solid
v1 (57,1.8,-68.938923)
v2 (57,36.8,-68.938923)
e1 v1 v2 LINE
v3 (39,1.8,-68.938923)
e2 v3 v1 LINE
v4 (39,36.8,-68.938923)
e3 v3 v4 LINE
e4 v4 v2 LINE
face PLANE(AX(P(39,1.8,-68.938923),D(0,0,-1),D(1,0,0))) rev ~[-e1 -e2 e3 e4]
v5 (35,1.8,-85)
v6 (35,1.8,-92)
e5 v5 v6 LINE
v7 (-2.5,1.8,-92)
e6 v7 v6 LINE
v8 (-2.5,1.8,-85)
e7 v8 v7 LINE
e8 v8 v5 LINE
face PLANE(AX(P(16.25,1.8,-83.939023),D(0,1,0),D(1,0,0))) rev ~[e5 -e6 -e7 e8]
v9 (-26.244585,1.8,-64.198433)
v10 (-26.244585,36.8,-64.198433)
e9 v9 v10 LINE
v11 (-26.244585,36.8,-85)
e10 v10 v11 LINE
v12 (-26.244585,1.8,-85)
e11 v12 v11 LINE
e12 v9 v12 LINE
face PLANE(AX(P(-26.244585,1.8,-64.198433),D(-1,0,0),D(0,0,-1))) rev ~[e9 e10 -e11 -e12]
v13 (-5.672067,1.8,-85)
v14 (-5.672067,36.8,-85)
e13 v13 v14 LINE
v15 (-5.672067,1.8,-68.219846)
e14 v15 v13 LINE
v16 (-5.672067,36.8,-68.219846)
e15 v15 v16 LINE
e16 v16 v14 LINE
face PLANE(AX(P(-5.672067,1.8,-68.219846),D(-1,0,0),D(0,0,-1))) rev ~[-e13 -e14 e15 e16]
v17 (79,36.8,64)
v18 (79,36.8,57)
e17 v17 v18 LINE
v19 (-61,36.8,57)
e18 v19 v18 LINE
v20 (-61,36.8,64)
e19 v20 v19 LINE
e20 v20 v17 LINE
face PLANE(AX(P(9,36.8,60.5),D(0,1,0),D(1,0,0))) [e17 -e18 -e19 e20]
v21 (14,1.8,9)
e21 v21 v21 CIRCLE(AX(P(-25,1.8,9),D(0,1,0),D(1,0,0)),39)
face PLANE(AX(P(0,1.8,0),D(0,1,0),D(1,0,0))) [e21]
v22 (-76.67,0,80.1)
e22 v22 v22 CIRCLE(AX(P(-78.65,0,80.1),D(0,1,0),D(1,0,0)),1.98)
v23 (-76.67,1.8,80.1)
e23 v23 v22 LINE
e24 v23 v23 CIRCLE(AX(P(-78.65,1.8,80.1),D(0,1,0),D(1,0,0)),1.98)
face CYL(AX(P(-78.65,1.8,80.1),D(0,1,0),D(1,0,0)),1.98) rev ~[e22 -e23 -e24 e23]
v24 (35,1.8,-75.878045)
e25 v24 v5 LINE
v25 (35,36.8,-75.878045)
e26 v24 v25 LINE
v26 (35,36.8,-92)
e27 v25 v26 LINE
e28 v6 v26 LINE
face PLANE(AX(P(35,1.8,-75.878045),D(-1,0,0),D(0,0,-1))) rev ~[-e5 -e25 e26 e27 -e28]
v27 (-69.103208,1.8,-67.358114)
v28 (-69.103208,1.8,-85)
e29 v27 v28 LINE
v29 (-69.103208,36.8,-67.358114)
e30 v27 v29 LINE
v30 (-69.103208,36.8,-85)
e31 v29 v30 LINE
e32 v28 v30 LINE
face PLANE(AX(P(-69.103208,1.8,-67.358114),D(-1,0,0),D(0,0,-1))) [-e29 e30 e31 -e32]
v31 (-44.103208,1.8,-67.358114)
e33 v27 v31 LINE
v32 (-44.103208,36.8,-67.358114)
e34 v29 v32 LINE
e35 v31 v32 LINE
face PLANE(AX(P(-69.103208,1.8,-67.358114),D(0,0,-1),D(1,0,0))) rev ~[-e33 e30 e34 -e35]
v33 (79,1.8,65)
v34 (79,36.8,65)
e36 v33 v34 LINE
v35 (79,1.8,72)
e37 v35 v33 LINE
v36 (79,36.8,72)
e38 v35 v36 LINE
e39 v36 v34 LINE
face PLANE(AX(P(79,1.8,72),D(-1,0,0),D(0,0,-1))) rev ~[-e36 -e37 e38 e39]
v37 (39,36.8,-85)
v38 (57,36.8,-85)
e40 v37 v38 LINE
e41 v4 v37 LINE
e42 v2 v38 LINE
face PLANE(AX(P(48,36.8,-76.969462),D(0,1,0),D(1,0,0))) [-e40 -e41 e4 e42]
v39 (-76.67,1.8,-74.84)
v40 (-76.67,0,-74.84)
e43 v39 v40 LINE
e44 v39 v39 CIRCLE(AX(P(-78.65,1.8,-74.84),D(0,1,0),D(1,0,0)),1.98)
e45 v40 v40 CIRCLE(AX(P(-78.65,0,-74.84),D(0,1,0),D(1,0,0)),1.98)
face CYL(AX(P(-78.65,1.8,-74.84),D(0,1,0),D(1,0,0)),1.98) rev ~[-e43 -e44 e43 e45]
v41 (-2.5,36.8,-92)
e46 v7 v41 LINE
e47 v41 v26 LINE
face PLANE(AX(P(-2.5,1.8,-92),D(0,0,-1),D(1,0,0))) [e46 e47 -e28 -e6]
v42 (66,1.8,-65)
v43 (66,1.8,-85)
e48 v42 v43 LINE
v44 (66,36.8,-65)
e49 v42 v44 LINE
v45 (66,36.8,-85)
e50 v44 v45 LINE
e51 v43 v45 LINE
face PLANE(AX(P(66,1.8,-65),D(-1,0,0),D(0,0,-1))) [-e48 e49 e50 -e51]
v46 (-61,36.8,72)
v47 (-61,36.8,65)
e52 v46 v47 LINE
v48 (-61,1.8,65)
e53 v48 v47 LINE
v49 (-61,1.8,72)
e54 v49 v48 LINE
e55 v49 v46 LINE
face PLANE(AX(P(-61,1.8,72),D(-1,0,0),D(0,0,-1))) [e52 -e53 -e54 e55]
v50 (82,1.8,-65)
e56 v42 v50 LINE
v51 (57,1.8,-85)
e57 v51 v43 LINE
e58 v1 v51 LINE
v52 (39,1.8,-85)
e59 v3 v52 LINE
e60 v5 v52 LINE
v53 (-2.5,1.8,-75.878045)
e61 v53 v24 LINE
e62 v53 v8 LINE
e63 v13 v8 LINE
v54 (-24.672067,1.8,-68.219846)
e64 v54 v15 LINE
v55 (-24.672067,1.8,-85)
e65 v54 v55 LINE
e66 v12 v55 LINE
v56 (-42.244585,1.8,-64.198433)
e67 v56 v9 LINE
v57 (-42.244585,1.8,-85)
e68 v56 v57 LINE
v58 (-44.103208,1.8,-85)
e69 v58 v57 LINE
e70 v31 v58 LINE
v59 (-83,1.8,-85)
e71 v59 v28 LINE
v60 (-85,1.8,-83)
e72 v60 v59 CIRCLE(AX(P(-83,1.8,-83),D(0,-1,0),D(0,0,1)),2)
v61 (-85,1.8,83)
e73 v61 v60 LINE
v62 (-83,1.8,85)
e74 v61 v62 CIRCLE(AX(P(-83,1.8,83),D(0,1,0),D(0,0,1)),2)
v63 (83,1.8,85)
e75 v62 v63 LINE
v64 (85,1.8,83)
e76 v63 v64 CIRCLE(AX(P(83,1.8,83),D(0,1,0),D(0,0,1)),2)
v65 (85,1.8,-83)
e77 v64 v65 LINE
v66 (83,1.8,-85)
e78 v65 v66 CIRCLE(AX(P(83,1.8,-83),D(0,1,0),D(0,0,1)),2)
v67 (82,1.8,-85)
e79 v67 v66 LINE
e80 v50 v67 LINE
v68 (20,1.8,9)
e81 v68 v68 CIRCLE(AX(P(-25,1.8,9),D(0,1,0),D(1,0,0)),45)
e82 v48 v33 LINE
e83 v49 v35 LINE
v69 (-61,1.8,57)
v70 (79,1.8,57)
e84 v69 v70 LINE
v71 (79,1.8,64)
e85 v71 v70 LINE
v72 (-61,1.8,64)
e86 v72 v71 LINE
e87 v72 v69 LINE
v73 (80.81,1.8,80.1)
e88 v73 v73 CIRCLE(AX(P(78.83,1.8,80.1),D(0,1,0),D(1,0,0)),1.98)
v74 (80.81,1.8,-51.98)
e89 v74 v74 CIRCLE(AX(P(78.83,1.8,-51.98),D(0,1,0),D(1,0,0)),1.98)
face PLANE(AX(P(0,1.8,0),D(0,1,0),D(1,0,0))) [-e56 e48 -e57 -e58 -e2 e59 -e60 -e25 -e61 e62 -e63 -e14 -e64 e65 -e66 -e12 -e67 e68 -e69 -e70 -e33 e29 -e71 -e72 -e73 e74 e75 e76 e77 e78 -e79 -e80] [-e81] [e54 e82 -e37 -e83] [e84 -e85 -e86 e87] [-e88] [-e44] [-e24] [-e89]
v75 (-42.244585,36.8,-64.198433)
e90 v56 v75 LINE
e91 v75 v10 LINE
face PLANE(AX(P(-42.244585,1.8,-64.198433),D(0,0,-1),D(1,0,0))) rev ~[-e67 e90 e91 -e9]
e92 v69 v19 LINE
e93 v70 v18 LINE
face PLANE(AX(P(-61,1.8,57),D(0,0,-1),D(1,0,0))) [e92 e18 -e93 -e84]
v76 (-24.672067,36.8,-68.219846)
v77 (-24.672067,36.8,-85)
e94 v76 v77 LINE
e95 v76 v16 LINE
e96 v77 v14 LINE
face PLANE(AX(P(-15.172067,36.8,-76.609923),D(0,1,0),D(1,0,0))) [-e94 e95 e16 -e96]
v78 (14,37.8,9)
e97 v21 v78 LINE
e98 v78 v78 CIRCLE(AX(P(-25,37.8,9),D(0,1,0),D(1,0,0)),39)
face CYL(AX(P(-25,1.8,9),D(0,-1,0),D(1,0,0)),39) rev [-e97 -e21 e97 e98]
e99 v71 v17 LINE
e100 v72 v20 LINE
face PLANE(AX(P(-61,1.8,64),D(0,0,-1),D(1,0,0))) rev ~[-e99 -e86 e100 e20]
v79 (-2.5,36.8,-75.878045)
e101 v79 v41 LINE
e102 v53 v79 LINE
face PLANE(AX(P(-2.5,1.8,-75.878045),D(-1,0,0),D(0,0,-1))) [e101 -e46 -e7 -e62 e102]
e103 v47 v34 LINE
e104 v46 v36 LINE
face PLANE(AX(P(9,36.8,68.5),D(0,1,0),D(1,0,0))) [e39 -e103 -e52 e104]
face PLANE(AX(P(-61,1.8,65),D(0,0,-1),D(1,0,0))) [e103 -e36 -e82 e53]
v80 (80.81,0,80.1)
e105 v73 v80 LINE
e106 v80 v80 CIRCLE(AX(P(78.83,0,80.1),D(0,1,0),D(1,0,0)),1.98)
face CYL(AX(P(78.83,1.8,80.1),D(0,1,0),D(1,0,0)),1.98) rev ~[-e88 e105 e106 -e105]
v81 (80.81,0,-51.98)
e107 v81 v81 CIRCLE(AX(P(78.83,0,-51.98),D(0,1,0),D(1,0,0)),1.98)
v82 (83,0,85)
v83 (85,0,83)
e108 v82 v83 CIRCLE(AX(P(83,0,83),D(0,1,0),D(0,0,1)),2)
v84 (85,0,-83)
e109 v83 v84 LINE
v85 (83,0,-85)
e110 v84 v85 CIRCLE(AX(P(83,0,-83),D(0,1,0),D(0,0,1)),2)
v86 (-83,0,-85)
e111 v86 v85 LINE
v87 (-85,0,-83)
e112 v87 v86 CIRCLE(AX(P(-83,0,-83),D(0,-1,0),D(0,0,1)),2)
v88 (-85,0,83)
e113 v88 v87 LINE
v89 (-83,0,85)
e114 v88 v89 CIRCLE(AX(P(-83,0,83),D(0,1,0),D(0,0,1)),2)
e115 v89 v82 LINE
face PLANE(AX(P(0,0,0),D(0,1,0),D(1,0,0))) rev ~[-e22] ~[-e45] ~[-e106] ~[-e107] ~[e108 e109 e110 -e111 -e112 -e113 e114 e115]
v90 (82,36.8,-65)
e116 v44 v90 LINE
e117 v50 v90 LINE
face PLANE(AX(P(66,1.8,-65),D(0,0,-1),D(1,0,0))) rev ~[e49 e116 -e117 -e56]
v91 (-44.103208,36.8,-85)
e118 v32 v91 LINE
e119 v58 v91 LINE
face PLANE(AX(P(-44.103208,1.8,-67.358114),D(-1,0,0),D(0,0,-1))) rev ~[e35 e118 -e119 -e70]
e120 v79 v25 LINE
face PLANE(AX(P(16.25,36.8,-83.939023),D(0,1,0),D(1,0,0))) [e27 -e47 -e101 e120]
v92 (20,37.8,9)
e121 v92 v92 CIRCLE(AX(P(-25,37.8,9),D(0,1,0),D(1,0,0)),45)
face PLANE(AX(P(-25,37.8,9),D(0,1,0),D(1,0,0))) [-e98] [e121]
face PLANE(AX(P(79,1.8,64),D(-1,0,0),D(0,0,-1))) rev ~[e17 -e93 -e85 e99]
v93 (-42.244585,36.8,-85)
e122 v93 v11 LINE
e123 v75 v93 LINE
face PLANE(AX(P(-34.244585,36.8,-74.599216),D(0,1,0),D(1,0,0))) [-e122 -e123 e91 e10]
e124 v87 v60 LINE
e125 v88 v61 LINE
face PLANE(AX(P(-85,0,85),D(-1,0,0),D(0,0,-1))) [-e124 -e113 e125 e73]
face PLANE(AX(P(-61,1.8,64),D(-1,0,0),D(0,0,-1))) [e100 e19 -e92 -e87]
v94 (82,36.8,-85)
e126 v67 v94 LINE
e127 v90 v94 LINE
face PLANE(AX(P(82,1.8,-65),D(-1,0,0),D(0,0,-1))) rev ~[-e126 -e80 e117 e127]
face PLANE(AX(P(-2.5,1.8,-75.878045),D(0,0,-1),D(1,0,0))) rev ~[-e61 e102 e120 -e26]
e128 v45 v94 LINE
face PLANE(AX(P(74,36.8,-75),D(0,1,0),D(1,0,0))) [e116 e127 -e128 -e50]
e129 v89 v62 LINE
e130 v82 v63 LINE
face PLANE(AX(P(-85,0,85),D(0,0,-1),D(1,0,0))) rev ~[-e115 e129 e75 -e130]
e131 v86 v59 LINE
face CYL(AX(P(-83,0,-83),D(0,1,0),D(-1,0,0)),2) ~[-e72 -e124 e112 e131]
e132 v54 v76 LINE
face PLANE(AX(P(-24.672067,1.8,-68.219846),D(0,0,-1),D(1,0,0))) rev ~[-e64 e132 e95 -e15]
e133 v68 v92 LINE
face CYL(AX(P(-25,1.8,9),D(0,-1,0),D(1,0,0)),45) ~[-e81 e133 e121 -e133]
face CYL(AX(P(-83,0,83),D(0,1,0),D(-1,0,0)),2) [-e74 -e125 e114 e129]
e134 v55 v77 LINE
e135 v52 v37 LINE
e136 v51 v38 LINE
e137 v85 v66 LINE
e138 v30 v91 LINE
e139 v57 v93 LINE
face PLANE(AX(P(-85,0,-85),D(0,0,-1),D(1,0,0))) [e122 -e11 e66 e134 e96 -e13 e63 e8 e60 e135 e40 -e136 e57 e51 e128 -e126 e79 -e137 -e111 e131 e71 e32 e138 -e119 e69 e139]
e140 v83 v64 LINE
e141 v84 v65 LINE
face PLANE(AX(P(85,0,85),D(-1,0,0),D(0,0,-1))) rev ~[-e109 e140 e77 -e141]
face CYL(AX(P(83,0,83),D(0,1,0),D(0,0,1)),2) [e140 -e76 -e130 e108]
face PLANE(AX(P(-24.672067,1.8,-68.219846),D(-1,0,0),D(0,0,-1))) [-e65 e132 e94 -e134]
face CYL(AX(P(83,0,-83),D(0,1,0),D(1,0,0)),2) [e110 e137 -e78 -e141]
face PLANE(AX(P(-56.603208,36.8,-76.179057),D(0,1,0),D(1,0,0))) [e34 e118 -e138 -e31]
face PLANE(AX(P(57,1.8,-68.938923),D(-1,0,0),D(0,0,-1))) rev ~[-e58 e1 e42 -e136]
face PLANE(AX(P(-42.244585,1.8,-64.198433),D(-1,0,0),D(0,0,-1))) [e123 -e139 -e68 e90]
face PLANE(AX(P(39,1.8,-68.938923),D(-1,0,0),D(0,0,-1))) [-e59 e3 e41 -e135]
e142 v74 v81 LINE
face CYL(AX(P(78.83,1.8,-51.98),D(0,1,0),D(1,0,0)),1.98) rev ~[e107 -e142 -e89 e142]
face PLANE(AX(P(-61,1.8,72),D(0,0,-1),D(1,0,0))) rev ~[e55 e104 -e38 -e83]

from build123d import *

# Parameters (mm, degrees)
SKETCH1_W           = 170
SKETCH1_H           = 170
BOSS_EXTRUDE1_DEPTH = 1.8
FILLET1_R           = 2
SKETCH2_R           = 1.98
CUT_EXTRUDE1_DEPTH  = 2
SKETCH3_W           = 16
SKETCH3_H           = 20
SKETCH3_W_2         = 37.5
SKETCH3_H_2         = 16.121954722
SKETCH3_W_3         = 18
SKETCH3_H_3         = 16.061076517
SKETCH3_W_4         = 19
SKETCH3_H_4         = 16.780154479
SKETCH3_H_5         = 20.801567196
SKETCH3_W_5         = 25
SKETCH3_H_6         = 17.641885776
BOSS_EXTRUDE2_DEPTH = 35
SKETCH4_W           = 140
SKETCH4_H           = 7
BOSS_EXTRUDE3_DEPTH = 35
LPATTERN1_COUNT     = 2
LPATTERN1_PITCH     = 8
SKETCH5_R           = 45
SKETCH5_R_2         = 39
BOSS_EXTRUDE4_DEPTH = 36


with BuildPart() as part:
    # Sketch1 → Boss-Extrude1 (new body)
    with BuildSketch(Plane(origin=(0, 0, 0), x_dir=(1, 0, 0), z_dir=(0, 1, 0))):
        Rectangle(SKETCH1_W, SKETCH1_H)
    extrude(amount=BOSS_EXTRUDE1_DEPTH)

    # Fillet1
    fillet1_edges = [part.edges().sort_by_distance(p)[0] for p in [
        (-85, 0.9, -85),
        (85, 0.9, -85),
        (85, 0.9, 85),
        (-85, 0.9, 85),
    ]]
    fillet(fillet1_edges, radius=FILLET1_R)

    # Sketch2 → Cut-Extrude1 (cut)
    with BuildSketch(Plane(origin=(0, 1.8, 0), x_dir=(1, 0, 0), z_dir=(0, 1, 0))):
        with Locations((-78.65, 74.84)):
            Circle(SKETCH2_R)
        with Locations((-78.65, -80.1)):
            Circle(SKETCH2_R)
        with Locations((78.83, -80.1)):
            Circle(SKETCH2_R)
        with Locations((78.83, 51.98)):
            Circle(SKETCH2_R)
    extrude(amount=-CUT_EXTRUDE1_DEPTH, mode=Mode.SUBTRACT)

    # Sketch3 → Boss-Extrude2 (add)
    with BuildSketch(Plane(origin=(0, 1.8, 0), x_dir=(1, 0, 0), z_dir=(0, 1, 0))):
        with Locations((74, 75)):
            Rectangle(SKETCH3_W, SKETCH3_H)
        with Locations((16.25, 83.939022639)):
            Rectangle(SKETCH3_W_2, SKETCH3_H_2)
        with Locations((48, 76.969461741)):
            Rectangle(SKETCH3_W_3, SKETCH3_H_3)
        with Locations((-15.17206747, 76.609922761)):
            Rectangle(SKETCH3_W_4, SKETCH3_H_4)
        with Locations((-34.244584998, 74.599216402)):
            Rectangle(SKETCH3_W, SKETCH3_H_5)
        with Locations((-56.603208404, 76.179057112)):
            Rectangle(SKETCH3_W_5, SKETCH3_H_6)
    extrude(amount=BOSS_EXTRUDE2_DEPTH)

    # Sketch4 → Boss-Extrude3 (add)
    with BuildSketch(Plane(origin=(0, 1.8, 0), x_dir=(1, 0, 0), z_dir=(0, 1, 0))):
        with Locations((9, -68.5)):
            Rectangle(SKETCH4_W, SKETCH4_H)
    boss_extrude3 = extrude(amount=BOSS_EXTRUDE3_DEPTH)

    # LPattern1: Boss-Extrude3 ×2
    with Locations(*[(0, 0, -i * LPATTERN1_PITCH) for i in range(1, LPATTERN1_COUNT)]):
        add(boss_extrude3)

    # Sketch5 → Boss-Extrude4 (add)
    with BuildSketch(Plane(origin=(0, 1.8, 0), x_dir=(1, 0, 0), z_dir=(0, 1, 0))):
        with Locations((-25, -9)):
            Circle(SKETCH5_R)
        with Locations((-25, -9)):
            Circle(SKETCH5_R_2, mode=Mode.SUBTRACT)
    extrude(amount=BOSS_EXTRUDE4_DEPTH)


solid = part.part
